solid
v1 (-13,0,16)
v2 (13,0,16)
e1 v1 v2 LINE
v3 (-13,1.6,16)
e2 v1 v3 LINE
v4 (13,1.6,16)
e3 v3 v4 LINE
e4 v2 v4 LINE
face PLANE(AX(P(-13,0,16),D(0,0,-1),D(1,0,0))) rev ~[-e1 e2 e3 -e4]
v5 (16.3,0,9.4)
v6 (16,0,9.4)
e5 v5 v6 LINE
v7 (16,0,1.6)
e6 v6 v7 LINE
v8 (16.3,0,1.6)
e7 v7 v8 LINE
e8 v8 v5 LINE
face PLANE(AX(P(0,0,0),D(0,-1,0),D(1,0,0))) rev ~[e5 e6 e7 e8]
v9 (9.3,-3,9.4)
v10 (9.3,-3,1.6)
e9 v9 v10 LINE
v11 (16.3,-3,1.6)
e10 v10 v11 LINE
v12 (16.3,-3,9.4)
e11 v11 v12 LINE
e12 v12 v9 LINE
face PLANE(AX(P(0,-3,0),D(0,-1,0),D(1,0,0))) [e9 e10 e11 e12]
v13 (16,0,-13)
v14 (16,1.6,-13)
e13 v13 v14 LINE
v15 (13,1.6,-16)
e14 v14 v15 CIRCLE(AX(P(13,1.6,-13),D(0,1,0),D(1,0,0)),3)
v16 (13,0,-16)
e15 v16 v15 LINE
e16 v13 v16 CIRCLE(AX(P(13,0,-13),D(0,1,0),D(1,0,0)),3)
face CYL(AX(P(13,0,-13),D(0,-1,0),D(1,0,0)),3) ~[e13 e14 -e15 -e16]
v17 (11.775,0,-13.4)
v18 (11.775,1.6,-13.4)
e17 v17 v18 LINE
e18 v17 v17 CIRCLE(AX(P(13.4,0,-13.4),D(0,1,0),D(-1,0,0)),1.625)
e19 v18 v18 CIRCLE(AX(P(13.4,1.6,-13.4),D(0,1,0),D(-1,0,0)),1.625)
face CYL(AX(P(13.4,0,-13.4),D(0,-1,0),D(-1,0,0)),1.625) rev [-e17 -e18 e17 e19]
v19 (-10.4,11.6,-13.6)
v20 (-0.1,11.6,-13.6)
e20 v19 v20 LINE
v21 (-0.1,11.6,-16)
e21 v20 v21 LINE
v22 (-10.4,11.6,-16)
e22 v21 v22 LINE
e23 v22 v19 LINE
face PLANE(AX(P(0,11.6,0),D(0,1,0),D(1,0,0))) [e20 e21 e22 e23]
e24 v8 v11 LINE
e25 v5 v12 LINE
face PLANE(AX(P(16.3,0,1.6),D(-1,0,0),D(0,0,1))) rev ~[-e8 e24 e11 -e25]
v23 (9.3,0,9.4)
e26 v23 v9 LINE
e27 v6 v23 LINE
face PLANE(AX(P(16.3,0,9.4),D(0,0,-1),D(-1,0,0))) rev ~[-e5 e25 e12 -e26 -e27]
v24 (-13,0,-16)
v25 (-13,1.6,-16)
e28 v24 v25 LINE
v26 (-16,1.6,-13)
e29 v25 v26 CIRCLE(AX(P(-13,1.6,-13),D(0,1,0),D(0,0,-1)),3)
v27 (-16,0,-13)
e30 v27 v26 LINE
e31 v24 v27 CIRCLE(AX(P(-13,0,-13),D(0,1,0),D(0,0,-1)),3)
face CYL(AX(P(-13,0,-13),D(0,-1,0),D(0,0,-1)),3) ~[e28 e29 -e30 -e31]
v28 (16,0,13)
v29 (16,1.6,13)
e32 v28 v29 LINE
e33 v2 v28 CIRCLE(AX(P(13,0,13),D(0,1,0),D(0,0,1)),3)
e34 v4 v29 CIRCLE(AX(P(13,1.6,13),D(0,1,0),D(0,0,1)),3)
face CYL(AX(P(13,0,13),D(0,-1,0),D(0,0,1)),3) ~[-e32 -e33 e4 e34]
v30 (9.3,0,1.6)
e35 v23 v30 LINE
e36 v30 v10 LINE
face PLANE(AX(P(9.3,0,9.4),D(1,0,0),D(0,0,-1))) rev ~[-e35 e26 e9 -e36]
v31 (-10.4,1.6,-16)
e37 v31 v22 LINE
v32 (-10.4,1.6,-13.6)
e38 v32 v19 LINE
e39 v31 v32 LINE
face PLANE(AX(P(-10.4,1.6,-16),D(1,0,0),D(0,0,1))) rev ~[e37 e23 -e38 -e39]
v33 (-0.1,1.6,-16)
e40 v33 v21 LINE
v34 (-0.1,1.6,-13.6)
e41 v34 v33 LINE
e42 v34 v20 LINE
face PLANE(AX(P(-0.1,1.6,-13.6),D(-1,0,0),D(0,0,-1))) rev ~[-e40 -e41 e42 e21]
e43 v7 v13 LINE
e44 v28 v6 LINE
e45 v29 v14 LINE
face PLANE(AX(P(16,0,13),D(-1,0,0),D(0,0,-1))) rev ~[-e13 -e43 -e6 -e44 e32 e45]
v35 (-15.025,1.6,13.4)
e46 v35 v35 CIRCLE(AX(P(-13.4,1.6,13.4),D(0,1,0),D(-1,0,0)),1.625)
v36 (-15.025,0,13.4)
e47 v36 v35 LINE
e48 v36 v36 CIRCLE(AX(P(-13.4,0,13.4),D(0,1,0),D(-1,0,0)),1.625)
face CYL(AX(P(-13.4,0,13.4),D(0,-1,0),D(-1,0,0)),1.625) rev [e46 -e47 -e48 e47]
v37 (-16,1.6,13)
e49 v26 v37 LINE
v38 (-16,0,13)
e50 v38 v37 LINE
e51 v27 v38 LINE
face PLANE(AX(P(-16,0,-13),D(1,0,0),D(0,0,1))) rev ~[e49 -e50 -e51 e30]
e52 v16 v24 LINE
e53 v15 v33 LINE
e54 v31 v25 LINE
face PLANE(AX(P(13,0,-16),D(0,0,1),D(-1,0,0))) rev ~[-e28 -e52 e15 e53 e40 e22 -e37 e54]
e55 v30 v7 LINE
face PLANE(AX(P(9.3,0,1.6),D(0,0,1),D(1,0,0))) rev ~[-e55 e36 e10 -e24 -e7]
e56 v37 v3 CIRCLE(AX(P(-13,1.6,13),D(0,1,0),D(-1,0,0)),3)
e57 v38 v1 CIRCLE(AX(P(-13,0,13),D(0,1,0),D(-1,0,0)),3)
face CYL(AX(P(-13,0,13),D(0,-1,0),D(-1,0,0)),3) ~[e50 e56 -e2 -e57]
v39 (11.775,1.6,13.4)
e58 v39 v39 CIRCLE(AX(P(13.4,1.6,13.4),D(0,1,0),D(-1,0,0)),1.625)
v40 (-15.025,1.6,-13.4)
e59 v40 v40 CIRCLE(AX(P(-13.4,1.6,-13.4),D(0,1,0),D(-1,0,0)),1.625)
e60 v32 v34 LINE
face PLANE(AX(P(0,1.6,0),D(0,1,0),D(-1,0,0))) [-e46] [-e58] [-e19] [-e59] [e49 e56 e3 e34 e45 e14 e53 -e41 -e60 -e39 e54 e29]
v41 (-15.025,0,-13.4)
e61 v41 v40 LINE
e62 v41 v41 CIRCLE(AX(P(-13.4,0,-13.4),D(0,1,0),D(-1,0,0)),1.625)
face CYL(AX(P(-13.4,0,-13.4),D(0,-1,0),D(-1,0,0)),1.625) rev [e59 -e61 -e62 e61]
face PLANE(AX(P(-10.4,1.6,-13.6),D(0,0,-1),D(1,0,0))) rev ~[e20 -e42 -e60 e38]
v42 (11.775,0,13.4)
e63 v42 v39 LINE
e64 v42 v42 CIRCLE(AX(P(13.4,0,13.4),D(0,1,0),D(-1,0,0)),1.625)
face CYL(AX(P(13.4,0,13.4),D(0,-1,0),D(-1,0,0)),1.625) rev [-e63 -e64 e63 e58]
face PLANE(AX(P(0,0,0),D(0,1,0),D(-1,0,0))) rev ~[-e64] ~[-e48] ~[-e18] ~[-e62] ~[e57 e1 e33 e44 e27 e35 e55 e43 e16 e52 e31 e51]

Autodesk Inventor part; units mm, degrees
ref_plane "YZ Plane" through (0, 0, 0) normal (1, 0, 0) x (0, 1, 0)
ref_plane "XZ Plane" through (0, 0, 0) normal (0, 1, 0) x (-1, 0, 0)
ref_plane "XY Plane" through (0, 0, 0) normal (0, 0, 1) x (1, 0, 0)
sketch "Эскиз1" plane through (0, 0, 0) normal (0, 1, 0) x (-1, 0, 0)
  line L0 (13, 16) -> (-13, 16)
  line L1 (-16, 13) -> (-16, -13)
  line L2 (-13, -16) -> (13, -16)
  line L3 (16, -13) -> (16, 13)
  line L4 (0, 0) -> (32.4367, 0) construction
  line L5 (0, 0) -> (0, -34.7046) construction
  circle A0 centre (13.4, -13.4) radius 1.625
  circle A1 centre (-13.4, -13.4) radius 1.625
  circle A2 centre (13.4, 13.4) radius 1.625
  circle A3 centre (-13.4, 13.4) radius 1.625
  arc A4 (16, 13) -> (13, 16) centre (13, 13) ccw
  arc A5 (13, -16) -> (16, -13) centre (13, -13) ccw
  arc A6 (-16, -13) -> (-13, -16) centre (-13, -13) ccw
  arc A7 (-13, 16) -> (-16, 13) centre (-13, 13) ccw
  point P0 (-16, -16)
  point P1 (-16, 16)
  point P2 (16, -16)
  dimension "d0" = 32
  dimension "d1" = 32
  dimension "d2" = 3.25
  dimension "d3" = 26.8
  dimension "d4" = 26.8
  dimension "d5" = 3
extrude "Выдавливание1" add sketch "Эскиз1" along normal blind 1.6
sketch "Эскиз2" plane through (0, 1.6, 0) normal (0, 1, 0) x (1, 0, 0)
  line L0 (-10.4, 13.6) -> (-0.1, 13.6)
  line L1 (-0.1, 13.6) -> (-0.1, 16)
  line L2 (-0.1, 16) -> (-10.4, 16)
  line L3 (-10.4, 16) -> (-10.4, 13.6)
  line L4 (-13, -16) -> (13, -16) construction
  arc A0 (13, -16) -> (16, -13) centre (13, -13) ccw construction
  line L5 (16, -13) -> (16, 13) construction
  arc A1 (16, 13) -> (13, 16) centre (13, 13) ccw construction
  line L6 (13, 16) -> (-13, 16) construction
  arc A2 (-13, 16) -> (-16, 13) centre (-13, 13) ccw construction
  line L7 (-16, 13) -> (-16, -13) construction
  arc A3 (-16, -13) -> (-13, -16) centre (-13, -13) ccw construction
  circle A4 centre (13.4, 13.4) radius 1.625 construction
  circle A5 centre (13.4, -13.4) radius 1.625 construction
  circle A6 centre (-13.4, -13.4) radius 1.625 construction
  circle A7 centre (-13.4, 13.4) radius 1.625 construction
  point P0 (0, 0)
  dimension "d8" = 10.3
  dimension "d9" = 2.4
  dimension "d10" = 5.6
extrude "Выдавливание2" add sketch "Эскиз2" along normal blind 10
sketch "Эскиз3" plane through (0, 0, 0) normal (0, -1, 0) x (1, 0, 0)
  line L0 (16.3, 9.4) -> (9.3, 9.4)
  line L1 (9.3, 9.4) -> (9.3, 1.6)
  line L2 (9.3, 1.6) -> (16.3, 1.6)
  line L3 (16.3, 1.6) -> (16.3, 9.4)
  line L4 (-13, 16) -> (13, 16) construction
  arc A0 (-13, 16) -> (-16, 13) centre (-13, 13) ccw construction
  line L5 (-16, -13) -> (-16, 13) construction
  arc A1 (-16, -13) -> (-13, -16) centre (-13, -13) ccw construction
  line L6 (13, -16) -> (-13, -16) construction
  arc A2 (13, -16) -> (16, -13) centre (13, -13) ccw construction
  line L7 (16, 13) -> (16, -13) construction
  arc A3 (16, 13) -> (13, 16) centre (13, 13) ccw construction
  circle A4 centre (13.4, -13.4) radius 1.625 construction
  circle A5 centre (13.4, 13.4) radius 1.625 construction
  circle A6 centre (-13.4, 13.4) radius 1.625 construction
  circle A7 centre (-13.4, -13.4) radius 1.625 construction
  point P0 (0, 0)
  dimension "d13" = 0.3
  dimension "d14" = 7.8
  dimension "d15" = 7
  dimension "d16" = 6.6
extrude "Выдавливание3" add sketch "Эскиз3" along normal blind 3
properties part number "razor_sketch"
